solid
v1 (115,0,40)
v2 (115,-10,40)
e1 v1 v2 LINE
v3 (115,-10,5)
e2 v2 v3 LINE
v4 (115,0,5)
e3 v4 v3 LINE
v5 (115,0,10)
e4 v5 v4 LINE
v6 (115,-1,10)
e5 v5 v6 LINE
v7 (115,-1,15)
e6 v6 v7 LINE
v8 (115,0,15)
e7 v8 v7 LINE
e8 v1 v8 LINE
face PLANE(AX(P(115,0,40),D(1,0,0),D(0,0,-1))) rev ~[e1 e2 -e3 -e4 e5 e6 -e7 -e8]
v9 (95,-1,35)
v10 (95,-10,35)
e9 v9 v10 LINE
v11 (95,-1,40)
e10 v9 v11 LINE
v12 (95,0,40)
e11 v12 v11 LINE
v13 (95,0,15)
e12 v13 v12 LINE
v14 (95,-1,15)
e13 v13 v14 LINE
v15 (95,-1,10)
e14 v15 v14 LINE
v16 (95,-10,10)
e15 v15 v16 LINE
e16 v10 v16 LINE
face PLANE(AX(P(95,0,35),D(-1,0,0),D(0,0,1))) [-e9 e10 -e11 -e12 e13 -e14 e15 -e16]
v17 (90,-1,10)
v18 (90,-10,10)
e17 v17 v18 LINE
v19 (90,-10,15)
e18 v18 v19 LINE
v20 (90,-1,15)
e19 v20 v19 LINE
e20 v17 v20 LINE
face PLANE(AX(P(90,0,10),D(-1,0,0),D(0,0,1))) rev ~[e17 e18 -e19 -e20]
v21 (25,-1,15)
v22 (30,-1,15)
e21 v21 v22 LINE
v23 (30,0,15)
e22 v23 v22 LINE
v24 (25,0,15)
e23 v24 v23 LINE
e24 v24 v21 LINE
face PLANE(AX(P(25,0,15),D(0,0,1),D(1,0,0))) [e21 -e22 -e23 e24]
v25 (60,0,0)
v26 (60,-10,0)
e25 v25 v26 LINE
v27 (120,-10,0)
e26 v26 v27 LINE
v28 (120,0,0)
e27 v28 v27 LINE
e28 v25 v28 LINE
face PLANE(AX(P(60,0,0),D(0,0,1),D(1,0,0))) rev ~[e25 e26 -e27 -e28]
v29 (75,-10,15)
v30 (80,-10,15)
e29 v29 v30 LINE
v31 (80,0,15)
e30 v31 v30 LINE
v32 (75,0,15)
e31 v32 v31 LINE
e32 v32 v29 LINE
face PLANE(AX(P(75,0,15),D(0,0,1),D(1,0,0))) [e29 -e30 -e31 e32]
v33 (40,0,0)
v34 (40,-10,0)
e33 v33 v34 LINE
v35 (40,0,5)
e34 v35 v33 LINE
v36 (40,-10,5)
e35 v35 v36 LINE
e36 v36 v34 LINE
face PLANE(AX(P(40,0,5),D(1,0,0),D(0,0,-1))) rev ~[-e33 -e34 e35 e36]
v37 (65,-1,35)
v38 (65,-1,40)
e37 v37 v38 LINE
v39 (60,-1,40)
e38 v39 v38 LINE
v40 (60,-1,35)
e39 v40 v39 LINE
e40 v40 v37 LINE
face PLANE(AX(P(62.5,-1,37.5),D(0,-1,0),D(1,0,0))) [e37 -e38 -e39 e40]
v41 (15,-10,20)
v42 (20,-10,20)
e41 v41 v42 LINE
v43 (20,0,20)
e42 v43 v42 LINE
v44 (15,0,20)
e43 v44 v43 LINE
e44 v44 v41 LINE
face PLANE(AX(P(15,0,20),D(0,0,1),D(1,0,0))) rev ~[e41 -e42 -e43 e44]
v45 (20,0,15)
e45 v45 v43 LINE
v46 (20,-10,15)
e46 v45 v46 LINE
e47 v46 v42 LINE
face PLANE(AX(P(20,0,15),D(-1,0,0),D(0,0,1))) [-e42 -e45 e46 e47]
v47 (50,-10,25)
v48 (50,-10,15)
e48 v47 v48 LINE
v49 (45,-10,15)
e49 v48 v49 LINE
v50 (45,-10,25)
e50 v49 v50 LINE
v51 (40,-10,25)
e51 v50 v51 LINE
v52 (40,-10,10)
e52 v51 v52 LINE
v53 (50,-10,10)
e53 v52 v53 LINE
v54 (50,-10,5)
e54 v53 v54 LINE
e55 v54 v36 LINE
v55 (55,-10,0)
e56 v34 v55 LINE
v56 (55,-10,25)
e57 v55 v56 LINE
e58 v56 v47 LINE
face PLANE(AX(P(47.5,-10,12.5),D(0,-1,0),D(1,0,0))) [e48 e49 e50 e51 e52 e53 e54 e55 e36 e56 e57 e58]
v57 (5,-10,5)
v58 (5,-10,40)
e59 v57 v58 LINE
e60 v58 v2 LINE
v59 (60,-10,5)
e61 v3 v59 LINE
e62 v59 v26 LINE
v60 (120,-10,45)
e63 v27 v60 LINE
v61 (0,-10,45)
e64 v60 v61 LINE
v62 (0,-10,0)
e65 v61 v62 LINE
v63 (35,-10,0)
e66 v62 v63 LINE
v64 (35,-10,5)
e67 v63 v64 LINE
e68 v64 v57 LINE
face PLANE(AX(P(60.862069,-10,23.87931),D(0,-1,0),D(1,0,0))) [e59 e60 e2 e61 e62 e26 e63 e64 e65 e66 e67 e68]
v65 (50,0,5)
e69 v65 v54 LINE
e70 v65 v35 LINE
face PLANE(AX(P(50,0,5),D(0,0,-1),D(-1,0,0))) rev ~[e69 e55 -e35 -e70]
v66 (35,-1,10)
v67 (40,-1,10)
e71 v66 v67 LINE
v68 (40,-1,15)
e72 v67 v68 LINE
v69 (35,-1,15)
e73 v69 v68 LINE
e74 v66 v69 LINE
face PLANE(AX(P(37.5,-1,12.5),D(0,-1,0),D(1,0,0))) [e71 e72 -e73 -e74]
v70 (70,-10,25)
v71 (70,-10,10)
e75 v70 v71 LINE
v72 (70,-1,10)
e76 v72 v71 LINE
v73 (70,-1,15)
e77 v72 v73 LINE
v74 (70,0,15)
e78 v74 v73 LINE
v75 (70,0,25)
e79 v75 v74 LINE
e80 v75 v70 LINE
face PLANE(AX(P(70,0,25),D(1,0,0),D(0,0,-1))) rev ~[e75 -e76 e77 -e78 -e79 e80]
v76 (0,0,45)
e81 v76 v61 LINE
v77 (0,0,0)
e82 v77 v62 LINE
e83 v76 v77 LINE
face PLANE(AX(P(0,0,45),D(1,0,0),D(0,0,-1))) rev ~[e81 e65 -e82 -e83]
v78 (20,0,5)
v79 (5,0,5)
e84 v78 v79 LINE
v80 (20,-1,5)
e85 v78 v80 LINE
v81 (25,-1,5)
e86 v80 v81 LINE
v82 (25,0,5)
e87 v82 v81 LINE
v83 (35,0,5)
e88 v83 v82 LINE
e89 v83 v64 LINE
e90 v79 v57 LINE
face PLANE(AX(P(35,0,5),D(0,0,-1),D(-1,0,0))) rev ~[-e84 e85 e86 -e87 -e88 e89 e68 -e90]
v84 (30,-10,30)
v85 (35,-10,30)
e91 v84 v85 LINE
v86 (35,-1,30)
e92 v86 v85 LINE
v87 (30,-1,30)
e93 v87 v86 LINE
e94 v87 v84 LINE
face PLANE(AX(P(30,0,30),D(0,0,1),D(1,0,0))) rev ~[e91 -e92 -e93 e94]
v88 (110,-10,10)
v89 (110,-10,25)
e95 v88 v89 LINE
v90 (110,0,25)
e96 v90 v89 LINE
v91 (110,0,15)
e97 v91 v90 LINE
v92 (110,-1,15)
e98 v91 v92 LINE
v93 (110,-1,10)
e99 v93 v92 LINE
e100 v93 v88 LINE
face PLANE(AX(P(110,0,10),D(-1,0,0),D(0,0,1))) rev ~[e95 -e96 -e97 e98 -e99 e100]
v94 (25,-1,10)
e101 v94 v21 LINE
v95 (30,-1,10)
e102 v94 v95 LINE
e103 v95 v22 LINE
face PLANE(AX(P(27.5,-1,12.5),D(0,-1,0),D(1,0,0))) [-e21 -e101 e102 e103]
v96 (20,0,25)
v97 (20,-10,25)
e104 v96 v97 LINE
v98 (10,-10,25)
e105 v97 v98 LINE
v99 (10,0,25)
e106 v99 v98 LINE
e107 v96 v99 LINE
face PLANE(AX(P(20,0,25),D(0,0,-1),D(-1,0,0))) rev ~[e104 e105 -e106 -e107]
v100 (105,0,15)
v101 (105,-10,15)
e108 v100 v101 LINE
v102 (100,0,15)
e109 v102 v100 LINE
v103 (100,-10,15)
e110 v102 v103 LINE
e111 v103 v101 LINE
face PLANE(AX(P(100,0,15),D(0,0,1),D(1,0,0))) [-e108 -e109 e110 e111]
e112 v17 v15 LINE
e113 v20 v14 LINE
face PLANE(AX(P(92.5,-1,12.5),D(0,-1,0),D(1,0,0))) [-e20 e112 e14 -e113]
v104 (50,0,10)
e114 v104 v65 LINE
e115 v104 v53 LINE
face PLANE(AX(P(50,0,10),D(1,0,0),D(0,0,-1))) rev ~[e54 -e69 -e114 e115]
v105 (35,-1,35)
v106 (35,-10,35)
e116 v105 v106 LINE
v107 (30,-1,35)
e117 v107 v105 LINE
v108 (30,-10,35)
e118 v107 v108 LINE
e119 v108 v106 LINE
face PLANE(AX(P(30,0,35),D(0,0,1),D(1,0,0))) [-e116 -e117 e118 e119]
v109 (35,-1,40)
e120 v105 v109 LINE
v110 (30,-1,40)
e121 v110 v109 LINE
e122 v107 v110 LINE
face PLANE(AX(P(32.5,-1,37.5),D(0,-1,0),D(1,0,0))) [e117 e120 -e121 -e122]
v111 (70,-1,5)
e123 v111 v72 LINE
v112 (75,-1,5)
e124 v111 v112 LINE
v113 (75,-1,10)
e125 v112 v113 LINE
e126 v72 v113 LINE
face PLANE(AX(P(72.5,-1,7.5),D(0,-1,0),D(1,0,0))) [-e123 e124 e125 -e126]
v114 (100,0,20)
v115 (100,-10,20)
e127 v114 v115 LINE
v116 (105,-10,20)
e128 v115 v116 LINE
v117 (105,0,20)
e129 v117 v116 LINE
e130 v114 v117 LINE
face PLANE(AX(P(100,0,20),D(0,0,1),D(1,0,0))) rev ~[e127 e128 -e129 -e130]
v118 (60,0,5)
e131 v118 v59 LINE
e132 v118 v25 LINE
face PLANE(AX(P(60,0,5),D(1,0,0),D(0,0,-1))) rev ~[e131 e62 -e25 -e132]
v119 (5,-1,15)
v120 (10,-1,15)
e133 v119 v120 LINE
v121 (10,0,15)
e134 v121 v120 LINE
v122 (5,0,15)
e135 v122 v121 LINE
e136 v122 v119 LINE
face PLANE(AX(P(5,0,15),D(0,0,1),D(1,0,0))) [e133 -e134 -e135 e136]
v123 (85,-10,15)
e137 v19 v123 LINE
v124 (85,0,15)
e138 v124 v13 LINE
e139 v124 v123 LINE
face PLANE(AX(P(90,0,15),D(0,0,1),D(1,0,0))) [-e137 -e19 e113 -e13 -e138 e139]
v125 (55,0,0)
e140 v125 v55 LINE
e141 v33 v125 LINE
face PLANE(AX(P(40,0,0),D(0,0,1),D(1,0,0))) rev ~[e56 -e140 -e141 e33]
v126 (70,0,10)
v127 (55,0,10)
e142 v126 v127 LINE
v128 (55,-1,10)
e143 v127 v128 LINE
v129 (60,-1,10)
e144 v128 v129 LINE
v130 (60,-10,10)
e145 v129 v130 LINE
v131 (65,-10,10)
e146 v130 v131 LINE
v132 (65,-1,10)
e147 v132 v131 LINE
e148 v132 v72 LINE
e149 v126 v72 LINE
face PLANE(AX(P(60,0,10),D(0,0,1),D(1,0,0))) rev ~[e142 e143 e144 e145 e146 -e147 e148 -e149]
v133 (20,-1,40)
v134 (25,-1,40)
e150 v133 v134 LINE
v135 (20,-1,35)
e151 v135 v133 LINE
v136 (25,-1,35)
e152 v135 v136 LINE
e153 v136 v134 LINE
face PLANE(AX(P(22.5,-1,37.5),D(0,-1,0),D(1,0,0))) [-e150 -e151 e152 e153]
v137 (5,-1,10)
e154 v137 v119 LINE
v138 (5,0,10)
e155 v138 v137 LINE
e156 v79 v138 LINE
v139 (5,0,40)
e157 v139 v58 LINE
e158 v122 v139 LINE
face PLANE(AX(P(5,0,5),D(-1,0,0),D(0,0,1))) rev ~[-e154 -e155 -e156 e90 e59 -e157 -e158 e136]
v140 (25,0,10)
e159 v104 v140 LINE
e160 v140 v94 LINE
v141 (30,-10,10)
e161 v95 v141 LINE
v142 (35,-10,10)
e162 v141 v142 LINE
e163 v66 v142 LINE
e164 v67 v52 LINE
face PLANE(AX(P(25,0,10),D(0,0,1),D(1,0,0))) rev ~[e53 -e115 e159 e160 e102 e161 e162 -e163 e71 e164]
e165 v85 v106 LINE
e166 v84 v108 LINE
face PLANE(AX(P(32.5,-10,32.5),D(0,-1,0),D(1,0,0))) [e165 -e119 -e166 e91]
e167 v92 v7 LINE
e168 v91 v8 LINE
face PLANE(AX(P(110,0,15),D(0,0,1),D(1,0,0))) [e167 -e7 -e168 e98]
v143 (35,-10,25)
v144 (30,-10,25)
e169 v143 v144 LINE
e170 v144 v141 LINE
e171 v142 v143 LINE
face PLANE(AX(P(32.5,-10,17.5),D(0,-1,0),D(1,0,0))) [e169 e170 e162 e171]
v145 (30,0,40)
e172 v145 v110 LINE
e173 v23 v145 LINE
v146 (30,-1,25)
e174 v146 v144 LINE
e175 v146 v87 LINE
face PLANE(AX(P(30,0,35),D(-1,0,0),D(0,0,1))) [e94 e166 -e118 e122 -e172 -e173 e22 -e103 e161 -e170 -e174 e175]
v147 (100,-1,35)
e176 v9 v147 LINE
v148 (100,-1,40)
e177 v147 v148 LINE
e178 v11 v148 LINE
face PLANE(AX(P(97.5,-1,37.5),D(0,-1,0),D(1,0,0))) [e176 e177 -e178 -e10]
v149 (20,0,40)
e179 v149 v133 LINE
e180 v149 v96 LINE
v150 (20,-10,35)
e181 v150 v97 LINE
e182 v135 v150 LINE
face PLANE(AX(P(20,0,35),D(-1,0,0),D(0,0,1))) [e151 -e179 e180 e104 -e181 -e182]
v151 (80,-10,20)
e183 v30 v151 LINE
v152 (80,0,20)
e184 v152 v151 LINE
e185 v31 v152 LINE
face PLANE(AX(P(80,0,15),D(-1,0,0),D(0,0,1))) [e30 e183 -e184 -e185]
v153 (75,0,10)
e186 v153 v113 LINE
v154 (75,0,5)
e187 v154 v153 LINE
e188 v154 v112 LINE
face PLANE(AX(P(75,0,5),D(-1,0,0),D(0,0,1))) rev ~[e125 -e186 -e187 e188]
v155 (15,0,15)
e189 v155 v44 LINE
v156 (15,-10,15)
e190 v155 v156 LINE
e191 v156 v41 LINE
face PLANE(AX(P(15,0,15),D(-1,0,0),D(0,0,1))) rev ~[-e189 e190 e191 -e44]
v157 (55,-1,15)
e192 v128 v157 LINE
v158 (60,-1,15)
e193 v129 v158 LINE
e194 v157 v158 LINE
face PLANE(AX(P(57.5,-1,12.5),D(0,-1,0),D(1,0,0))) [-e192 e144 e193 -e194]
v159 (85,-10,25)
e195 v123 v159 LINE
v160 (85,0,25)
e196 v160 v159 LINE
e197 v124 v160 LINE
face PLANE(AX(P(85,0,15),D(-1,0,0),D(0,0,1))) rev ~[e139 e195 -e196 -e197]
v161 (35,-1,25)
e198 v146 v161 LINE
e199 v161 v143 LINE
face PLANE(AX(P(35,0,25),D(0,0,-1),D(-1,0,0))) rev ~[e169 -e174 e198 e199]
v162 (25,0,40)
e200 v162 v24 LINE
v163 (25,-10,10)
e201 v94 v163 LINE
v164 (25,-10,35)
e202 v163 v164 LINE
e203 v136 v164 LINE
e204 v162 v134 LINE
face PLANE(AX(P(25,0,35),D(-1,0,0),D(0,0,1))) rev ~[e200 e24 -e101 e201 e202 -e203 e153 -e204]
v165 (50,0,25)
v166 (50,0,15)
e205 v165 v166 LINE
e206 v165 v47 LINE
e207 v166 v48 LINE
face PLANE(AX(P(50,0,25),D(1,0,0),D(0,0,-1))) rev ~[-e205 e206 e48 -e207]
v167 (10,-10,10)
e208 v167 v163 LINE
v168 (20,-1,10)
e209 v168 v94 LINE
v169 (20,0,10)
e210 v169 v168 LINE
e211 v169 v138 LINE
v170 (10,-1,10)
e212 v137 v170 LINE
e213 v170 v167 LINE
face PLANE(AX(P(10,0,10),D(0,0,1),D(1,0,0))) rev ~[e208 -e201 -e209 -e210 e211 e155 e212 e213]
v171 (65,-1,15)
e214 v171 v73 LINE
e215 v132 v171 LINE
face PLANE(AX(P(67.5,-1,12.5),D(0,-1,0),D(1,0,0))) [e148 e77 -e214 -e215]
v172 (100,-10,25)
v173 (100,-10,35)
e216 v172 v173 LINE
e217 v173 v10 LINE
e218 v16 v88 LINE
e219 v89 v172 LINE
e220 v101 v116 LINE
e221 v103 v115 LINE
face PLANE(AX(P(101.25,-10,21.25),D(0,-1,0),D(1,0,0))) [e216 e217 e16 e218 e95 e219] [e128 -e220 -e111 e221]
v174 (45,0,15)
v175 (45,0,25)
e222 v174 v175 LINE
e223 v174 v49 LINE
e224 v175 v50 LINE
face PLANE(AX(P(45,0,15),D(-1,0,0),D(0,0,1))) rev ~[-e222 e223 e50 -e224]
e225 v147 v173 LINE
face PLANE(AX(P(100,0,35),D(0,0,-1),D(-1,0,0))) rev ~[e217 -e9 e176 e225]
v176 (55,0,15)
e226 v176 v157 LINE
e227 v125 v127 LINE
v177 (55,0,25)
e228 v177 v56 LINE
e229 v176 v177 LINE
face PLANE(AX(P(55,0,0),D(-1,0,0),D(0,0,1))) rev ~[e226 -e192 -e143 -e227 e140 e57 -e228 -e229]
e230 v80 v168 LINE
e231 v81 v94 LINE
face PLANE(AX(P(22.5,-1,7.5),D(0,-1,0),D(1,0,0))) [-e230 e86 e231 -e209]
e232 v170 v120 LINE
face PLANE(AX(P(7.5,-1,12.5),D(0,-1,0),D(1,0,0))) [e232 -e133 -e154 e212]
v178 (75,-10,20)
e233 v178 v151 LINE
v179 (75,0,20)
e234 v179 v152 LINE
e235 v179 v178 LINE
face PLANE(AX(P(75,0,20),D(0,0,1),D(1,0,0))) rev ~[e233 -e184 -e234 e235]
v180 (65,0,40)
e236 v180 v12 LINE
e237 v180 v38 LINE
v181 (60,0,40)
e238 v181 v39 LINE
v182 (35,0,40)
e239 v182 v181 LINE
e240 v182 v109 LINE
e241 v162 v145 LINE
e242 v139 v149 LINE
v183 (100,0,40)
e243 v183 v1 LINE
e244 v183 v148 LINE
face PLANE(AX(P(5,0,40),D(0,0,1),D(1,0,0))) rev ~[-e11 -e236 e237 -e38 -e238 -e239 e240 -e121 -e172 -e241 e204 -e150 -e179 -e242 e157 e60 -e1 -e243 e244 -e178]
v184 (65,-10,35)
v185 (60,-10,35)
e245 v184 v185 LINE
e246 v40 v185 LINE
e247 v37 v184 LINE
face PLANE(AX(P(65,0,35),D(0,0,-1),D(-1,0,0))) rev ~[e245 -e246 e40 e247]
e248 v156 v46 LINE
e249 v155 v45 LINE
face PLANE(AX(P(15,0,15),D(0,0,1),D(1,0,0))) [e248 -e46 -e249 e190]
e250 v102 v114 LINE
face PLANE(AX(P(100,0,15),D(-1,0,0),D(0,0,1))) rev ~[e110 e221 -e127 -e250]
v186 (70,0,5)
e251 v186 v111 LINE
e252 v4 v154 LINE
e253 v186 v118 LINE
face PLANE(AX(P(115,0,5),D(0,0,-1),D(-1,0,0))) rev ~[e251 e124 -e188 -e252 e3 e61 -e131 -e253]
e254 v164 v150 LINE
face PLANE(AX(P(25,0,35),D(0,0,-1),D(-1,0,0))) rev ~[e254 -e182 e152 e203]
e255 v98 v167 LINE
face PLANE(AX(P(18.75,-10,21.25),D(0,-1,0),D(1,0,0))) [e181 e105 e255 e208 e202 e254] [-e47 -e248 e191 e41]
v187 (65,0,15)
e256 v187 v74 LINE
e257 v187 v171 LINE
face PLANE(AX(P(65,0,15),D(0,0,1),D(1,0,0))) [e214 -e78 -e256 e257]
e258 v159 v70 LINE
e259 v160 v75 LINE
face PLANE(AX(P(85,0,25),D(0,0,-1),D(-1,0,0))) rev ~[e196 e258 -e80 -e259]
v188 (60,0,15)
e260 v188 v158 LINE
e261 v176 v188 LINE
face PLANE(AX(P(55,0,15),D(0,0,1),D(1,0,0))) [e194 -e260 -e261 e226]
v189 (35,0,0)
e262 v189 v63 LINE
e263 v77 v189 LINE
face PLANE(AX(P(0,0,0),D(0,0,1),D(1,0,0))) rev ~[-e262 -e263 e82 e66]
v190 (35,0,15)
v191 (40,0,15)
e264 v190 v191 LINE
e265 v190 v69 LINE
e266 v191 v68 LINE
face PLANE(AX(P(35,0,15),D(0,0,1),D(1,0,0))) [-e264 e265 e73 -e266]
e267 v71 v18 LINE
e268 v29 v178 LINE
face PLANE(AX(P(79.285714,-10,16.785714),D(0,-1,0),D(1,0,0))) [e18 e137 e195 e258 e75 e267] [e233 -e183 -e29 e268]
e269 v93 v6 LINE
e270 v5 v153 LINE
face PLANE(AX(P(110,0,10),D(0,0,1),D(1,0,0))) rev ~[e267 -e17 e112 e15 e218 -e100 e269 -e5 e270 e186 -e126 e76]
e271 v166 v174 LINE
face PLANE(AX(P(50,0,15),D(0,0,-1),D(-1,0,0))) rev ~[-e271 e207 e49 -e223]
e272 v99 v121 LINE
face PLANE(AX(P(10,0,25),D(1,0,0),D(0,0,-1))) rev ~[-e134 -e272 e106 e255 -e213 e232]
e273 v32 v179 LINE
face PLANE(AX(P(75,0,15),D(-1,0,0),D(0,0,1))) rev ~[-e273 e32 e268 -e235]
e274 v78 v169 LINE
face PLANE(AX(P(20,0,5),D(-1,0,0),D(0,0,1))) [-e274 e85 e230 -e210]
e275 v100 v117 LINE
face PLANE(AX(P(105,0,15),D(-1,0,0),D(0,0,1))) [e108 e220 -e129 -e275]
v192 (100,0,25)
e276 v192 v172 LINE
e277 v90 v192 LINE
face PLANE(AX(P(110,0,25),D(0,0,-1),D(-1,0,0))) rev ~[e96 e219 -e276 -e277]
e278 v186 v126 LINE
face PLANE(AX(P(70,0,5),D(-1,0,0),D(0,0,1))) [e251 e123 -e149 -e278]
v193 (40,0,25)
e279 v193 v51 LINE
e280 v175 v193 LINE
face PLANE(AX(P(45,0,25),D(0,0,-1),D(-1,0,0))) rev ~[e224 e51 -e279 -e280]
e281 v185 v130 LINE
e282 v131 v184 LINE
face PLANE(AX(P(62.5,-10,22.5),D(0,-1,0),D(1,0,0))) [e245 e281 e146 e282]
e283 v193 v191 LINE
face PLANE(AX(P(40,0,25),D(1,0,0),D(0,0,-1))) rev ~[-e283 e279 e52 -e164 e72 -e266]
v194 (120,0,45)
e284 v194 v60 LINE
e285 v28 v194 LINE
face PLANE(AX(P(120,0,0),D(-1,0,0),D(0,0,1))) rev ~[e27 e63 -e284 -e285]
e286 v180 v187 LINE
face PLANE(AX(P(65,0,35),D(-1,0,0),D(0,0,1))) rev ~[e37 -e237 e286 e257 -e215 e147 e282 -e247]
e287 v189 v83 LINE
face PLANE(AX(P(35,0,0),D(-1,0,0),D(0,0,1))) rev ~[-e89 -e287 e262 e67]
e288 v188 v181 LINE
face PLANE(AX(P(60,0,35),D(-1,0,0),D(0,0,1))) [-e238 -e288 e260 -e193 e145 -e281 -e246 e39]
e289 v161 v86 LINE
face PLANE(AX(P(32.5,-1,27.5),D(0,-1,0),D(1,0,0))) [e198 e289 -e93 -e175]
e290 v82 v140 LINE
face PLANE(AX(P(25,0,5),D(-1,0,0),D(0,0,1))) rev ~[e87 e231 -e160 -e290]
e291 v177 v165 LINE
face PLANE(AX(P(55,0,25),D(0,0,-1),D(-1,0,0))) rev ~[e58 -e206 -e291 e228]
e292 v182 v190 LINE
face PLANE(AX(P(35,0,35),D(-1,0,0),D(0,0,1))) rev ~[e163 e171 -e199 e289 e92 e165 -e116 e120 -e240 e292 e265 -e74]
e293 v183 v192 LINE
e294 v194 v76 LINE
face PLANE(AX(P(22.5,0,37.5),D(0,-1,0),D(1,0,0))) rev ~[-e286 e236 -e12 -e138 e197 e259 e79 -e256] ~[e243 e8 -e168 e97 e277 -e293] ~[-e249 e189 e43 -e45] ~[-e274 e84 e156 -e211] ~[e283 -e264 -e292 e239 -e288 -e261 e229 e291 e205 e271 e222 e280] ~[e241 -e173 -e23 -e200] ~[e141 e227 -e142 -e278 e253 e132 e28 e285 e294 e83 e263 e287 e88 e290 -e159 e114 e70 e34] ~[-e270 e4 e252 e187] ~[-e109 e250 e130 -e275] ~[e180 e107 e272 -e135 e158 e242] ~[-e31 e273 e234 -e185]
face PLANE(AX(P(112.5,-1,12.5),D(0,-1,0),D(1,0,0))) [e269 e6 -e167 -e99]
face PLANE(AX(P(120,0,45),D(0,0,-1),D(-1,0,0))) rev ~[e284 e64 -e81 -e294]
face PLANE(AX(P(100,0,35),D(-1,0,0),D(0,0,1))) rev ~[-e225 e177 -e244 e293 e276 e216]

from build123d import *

# Parameters (mm, degrees)
F0_W     = 5
F0_H     = 5
F1_DEPTH = 10
F2_DEPTH = 1


with BuildPart() as f1:
    # F0 (on Front) → F1 (new body)
    with BuildSketch(Plane.XZ):
        Polygon((0, 0), (35, 0), (35, 5), (25, 5), (20, 5), (5, 5), (5, 10), (5, 15), (5, 40), (20, 40), (25, 40), (30, 40), (35, 40), (60, 40), (65, 40), (95, 40), (100, 40), (115, 40), (115, 15), (115, 10), (115, 5), (75, 5), (70, 5), (60, 5), (60, 0), (120, 0), (120, 45), (0, 45), align=None)
        Polygon((20, 10), (25, 10), (25, 15), (25, 35), (20, 35), (20, 25), (10, 25), (10, 15), (10, 10), align=None)
        with Locations((17.5, 17.5)):
            Rectangle(F0_W, F0_H, mode=Mode.SUBTRACT)
        with Locations((32.5, 32.5)):
            Rectangle(F0_W, F0_H)
        Polygon((30, 15), (30, 10), (35, 10), (35, 15), (35, 25), (30, 25), align=None)
        Polygon((40, 15), (40, 10), (50, 10), (50, 5), (40, 5), (40, 0), (55, 0), (55, 10), (55, 15), (55, 25), (50, 25), (50, 15), (45, 15), (45, 25), (40, 25), align=None)
        Polygon((60, 10), (65, 10), (65, 15), (65, 35), (60, 35), (60, 15), align=None)
        Polygon((70, 15), (70, 10), (75, 10), (90, 10), (90, 15), (85, 15), (85, 25), (70, 25), align=None)
        with Locations((77.5, 17.5)):
            Rectangle(F0_W, F0_H, mode=Mode.SUBTRACT)
        Polygon((95, 10), (110, 10), (110, 15), (110, 25), (100, 25), (100, 35), (95, 35), (95, 15), align=None)
        with Locations((102.5, 17.5)):
            Rectangle(F0_W, F0_H, mode=Mode.SUBTRACT)
    extrude(amount=F1_DEPTH)

    # F0 (on Front) → F2 (join)
    with BuildSketch(Plane.XZ):
        with Locations((22.5, 37.5)):
            Rectangle(F0_W, F0_H)
        with Locations((32.5, 37.5)):
            Rectangle(F0_W, F0_H)
        with Locations((32.5, 27.5)):
            Rectangle(F0_W, F0_H)
        with Locations((27.5, 12.5)):
            Rectangle(F0_W, F0_H)
        with Locations((22.5, 7.5)):
            Rectangle(F0_W, F0_H)
        with Locations((7.5, 12.5)):
            Rectangle(F0_W, F0_H)
        with Locations((37.5, 12.5)):
            Rectangle(F0_W, F0_H)
        with Locations((62.5, 37.5)):
            Rectangle(F0_W, F0_H)
        with Locations((97.5, 37.5)):
            Rectangle(F0_W, F0_H)
        with Locations((57.5, 12.5)):
            Rectangle(F0_W, F0_H)
        with Locations((67.5, 12.5)):
            Rectangle(F0_W, F0_H)
        with Locations((92.5, 12.5)):
            Rectangle(F0_W, F0_H)
        with Locations((112.5, 12.5)):
            Rectangle(F0_W, F0_H)
        with Locations((72.5, 7.5)):
            Rectangle(F0_W, F0_H)
    extrude(amount=F2_DEPTH)


solid = f1.part
